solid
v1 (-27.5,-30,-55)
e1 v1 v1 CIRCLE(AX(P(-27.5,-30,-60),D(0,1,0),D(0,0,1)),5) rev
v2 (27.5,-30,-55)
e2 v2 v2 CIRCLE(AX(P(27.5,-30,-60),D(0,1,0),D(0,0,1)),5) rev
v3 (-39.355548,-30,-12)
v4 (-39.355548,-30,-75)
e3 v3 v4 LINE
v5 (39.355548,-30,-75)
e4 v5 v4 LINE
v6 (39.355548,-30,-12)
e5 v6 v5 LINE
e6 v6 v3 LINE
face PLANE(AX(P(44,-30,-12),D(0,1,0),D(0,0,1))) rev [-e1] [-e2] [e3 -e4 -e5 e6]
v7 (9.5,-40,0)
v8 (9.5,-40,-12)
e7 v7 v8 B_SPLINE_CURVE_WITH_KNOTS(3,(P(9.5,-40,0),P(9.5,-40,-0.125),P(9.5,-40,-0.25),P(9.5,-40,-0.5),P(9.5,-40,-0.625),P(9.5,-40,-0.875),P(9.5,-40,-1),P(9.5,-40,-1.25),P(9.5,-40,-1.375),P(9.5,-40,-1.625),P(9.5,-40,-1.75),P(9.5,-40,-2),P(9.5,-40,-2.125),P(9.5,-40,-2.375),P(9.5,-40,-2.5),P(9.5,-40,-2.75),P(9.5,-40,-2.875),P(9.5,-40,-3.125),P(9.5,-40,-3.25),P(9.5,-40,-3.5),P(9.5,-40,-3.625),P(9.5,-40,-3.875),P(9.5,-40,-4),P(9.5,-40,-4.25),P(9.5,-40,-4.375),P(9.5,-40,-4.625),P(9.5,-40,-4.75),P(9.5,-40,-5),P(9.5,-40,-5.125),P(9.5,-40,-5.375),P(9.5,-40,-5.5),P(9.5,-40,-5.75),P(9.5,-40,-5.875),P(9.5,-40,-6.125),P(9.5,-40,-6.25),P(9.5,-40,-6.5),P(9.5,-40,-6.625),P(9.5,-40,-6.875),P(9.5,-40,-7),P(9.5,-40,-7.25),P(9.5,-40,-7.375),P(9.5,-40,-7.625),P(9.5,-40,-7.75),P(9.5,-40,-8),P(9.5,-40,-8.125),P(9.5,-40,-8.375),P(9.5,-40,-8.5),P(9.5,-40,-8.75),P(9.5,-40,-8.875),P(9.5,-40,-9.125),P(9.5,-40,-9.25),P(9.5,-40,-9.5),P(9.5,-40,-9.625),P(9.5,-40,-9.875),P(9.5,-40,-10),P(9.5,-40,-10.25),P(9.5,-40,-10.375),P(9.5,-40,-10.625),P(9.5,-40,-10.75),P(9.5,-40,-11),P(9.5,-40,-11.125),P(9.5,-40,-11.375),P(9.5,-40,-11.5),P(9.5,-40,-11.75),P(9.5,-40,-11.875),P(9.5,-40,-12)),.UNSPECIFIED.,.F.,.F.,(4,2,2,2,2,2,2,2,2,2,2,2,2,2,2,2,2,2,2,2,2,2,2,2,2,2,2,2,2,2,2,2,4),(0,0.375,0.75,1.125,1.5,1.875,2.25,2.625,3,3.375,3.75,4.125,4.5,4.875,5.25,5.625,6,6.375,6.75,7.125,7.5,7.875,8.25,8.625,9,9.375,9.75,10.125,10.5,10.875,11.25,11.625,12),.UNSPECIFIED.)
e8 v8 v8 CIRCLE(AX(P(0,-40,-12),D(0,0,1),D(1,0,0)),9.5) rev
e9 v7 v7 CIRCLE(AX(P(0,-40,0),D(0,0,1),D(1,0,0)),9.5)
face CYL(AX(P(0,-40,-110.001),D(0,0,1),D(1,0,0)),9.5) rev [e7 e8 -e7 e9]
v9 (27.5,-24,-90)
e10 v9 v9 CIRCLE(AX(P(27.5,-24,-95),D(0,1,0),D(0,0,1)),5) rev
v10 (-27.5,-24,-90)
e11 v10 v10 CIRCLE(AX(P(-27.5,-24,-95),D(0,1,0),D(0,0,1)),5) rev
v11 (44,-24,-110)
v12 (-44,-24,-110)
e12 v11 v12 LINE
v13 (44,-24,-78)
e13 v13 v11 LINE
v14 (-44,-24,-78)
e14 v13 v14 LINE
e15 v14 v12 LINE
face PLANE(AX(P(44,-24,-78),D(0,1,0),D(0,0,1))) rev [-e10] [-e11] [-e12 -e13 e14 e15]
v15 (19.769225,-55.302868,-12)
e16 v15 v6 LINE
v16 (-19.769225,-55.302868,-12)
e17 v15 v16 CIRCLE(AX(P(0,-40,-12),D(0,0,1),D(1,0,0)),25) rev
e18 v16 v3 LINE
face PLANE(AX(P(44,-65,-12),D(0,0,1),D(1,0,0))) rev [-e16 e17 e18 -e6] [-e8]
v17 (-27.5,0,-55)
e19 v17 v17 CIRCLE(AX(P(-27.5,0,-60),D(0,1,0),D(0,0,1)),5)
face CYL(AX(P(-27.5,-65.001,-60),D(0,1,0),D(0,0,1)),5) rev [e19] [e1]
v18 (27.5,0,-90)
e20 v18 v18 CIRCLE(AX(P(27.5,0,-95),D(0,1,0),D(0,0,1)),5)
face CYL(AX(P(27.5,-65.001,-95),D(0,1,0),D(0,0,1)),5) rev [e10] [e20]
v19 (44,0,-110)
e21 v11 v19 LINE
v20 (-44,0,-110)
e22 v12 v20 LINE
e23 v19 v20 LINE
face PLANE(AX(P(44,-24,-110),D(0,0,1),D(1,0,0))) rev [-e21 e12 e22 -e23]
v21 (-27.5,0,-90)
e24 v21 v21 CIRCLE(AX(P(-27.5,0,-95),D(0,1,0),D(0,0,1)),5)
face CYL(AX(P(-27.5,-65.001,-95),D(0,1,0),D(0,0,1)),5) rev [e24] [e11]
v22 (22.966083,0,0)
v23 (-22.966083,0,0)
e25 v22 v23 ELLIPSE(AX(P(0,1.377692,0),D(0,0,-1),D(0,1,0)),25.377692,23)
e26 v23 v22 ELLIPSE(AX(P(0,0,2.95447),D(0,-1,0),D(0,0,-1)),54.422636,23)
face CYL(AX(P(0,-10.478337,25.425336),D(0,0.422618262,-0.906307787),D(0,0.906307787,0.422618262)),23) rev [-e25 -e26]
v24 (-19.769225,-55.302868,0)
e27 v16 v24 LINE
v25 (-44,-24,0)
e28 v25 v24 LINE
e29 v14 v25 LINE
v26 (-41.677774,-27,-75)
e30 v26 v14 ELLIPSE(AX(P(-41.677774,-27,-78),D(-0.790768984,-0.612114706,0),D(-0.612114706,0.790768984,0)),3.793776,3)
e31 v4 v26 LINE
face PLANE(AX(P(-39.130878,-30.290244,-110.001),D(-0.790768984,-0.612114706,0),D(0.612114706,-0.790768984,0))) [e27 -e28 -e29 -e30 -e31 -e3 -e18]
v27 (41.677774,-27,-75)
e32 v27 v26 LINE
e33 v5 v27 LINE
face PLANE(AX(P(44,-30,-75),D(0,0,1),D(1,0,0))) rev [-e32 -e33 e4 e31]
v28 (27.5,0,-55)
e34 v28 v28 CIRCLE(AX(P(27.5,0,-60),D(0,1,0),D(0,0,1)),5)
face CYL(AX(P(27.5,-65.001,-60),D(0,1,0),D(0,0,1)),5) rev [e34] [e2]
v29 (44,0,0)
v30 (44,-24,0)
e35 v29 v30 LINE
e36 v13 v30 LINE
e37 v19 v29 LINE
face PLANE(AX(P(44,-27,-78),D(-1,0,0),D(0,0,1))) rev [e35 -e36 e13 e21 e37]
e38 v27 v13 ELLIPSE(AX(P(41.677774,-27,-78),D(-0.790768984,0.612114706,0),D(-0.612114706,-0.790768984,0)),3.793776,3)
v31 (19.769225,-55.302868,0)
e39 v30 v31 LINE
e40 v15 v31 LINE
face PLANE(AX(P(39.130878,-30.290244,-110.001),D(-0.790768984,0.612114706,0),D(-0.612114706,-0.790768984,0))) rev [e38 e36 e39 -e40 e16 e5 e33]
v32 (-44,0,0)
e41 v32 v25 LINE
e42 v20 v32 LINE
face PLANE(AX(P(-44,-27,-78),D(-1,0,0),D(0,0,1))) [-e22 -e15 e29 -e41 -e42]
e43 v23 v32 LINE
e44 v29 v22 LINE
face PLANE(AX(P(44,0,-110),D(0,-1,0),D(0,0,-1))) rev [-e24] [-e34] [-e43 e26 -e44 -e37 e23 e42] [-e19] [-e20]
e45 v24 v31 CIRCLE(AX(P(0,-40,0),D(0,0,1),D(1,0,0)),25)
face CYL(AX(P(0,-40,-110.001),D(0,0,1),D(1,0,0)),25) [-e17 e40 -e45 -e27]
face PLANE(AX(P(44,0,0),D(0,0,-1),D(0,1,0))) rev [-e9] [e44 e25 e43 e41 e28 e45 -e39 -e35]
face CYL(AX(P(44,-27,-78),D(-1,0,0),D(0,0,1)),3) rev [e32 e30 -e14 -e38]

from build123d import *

# Parameters (mm, degrees)
BOSS_EXTRUDE1_DEPTH            = 44
CUT_EXTRUDE1_REACH             = 129.516
SKETCH5_R                      = 23
CUT_EXTRUDE1_DIRECTION_2_REACH = 129.516
CUT_EXTRUDE2_REACH             = 137.133
SKETCH6_R                      = 5
CUT_EXTRUDE3_REACH             = 137.133
SKETCH7_R                      = 9.5


with BuildPart() as part:
    # Sketch1 → Boss-Extrude1 (new, symmetric)
    with BuildSketch(Plane(origin=(0, 0, 0), x_dir=(0, 0, -1), z_dir=(1, 0, 0))):
        with BuildLine():
            Line((0, 0), (0, -65))
            Line((0, -65), (12, -65))
            Line((12, -65), (12, -30))
            Line((12, -30), (75, -30))
            Line((75, -30), (75, -27))
            ThreePointArc((75, -27), (75.878679656, -24.878679656), (78, -24))
            Line((78, -24), (110, -24))
            Line((110, -24), (110, 0))
            Line((110, 0), (0, 0))
        make_face()
    extrude(amount=BOSS_EXTRUDE1_DEPTH, both=True)

    # Sketch5 → Cut-Extrude1 (cut, up to next)
    with BuildSketch(Plane(origin=(0, 6.55814551, -14.063988431), x_dir=(1, 0, 0), z_dir=(0, -0.42261826174069383, 0.9063077870366527)), mode=Mode.PRIVATE) as cut_extrude1_sk1:
        with Locations((0, 1.248613111)):
            Circle(SKETCH5_R)
    cut_extrude1_tool1 = extrude(cut_extrude1_sk1.sketch, amount=-CUT_EXTRUDE1_REACH, mode=Mode.PRIVATE) & part.part
    add(cut_extrude1_tool1.solids().sort_by_distance((0, 7.689773, -13.536302))[0], mode=Mode.SUBTRACT)

    # Sketch5 → Cut-Extrude1 direction 2 (cut, up to next)
    with BuildSketch(Plane(origin=(0, 6.55814551, -14.063988431), x_dir=(1, 0, 0), z_dir=(0, -0.42261826174069383, 0.9063077870366527)), mode=Mode.PRIVATE) as cut_extrude1_direction_2_sk1:
        with Locations((0, 1.248613111)):
            Circle(SKETCH5_R)
    cut_extrude1_direction_2_tool1 = extrude(cut_extrude1_direction_2_sk1.sketch, amount=CUT_EXTRUDE1_DIRECTION_2_REACH, mode=Mode.PRIVATE) & part.part
    add(cut_extrude1_direction_2_tool1.solids().sort_by_distance((0, 7.689773, -13.536302))[0], mode=Mode.SUBTRACT)

    # Sketch6 → Cut-Extrude2 (cut, up to next)
    with BuildSketch(Plane(origin=(0, 0, 0), x_dir=(1, 0, 0), z_dir=(0, 1, 0)), mode=Mode.PRIVATE) as cut_extrude2_sk1:
        with Locations(Location((27.5, 95, 0), (0, 0, 270))):
            Circle(SKETCH6_R)
    cut_extrude2_tool1 = extrude(cut_extrude2_sk1.sketch, amount=-CUT_EXTRUDE2_REACH, mode=Mode.PRIVATE) & part.part
    # Sketch6 → Cut-Extrude2 (cut, up to next)
    with BuildSketch(Plane(origin=(0, 0, 0), x_dir=(1, 0, 0), z_dir=(0, 1, 0)), mode=Mode.PRIVATE) as cut_extrude2_sk2:
        with Locations(Location((-27.5, 95, 0), (0, 0, 270))):
            Circle(SKETCH6_R)
    cut_extrude2_tool2 = extrude(cut_extrude2_sk2.sketch, amount=-CUT_EXTRUDE2_REACH, mode=Mode.PRIVATE) & part.part
    # Sketch6 → Cut-Extrude2 (cut, up to next)
    with BuildSketch(Plane(origin=(0, 0, 0), x_dir=(1, 0, 0), z_dir=(0, 1, 0)), mode=Mode.PRIVATE) as cut_extrude2_sk3:
        with Locations(Location((-27.5, 60, 0), (0, 0, 270))):
            Circle(SKETCH6_R)
    cut_extrude2_tool3 = extrude(cut_extrude2_sk3.sketch, amount=-CUT_EXTRUDE2_REACH, mode=Mode.PRIVATE) & part.part
    # Sketch6 → Cut-Extrude2 (cut, up to next)
    with BuildSketch(Plane(origin=(0, 0, 0), x_dir=(1, 0, 0), z_dir=(0, 1, 0)), mode=Mode.PRIVATE) as cut_extrude2_sk4:
        with Locations(Location((27.5, 60, 0), (0, 0, 270))):
            Circle(SKETCH6_R)
    cut_extrude2_tool4 = extrude(cut_extrude2_sk4.sketch, amount=-CUT_EXTRUDE2_REACH, mode=Mode.PRIVATE) & part.part
    add(cut_extrude2_tool1.solids().sort_by_distance((27.5, 0, -95))[0], mode=Mode.SUBTRACT)
    add(cut_extrude2_tool2.solids().sort_by_distance((-27.5, 0, -95))[0], mode=Mode.SUBTRACT)
    add(cut_extrude2_tool3.solids().sort_by_distance((-27.5, 0, -60))[0], mode=Mode.SUBTRACT)
    add(cut_extrude2_tool4.solids().sort_by_distance((27.5, 0, -60))[0], mode=Mode.SUBTRACT)

    # Sketch7 → Cut-Extrude3 (cut, up to next)
    with BuildSketch(Plane.XY, mode=Mode.PRIVATE) as cut_extrude3_sk1:
        with BuildLine():
            Line((44, -65), (44, -24))
            Line((44, -24), (19.769224603, -55.302867659))
            ThreePointArc((19.769224603, -55.302867659), (11.009729981, -62.445174219), (0, -65))
            Line((0, -65), (44, -65))
        make_face()
    cut_extrude3_tool1 = extrude(cut_extrude3_sk1.sketch, amount=-CUT_EXTRUDE3_REACH, mode=Mode.PRIVATE) & part.part
    # Sketch7 → Cut-Extrude3 (cut, up to next)
    with BuildSketch(Plane.XY, mode=Mode.PRIVATE) as cut_extrude3_sk2:
        with Locations((0, -40)):
            Circle(SKETCH7_R)
    cut_extrude3_tool2 = extrude(cut_extrude3_sk2.sketch, amount=-CUT_EXTRUDE3_REACH, mode=Mode.PRIVATE) & part.part
    # Sketch7 → Cut-Extrude3 (cut, up to next)
    with BuildSketch(Plane.XY, mode=Mode.PRIVATE) as cut_extrude3_sk3:
        with BuildLine():
            Line((-44, -65), (0, -65))
            ThreePointArc((0, -65), (-11.009729981, -62.445174219), (-19.769224603, -55.302867659))
            Line((-19.769224603, -55.302867659), (-44, -24))
            Line((-44, -24), (-44, -65))
        make_face()
    cut_extrude3_tool3 = extrude(cut_extrude3_sk3.sketch, amount=-CUT_EXTRUDE3_REACH, mode=Mode.PRIVATE) & part.part
    add(cut_extrude3_tool1.solids().sort_by_distance((32.710915, -51.707074, 0))[0], mode=Mode.SUBTRACT)
    add(cut_extrude3_tool2.solids().sort_by_distance((0, -40, 0))[0], mode=Mode.SUBTRACT)
    add(cut_extrude3_tool3.solids().sort_by_distance((-32.710915, -51.707074, 0))[0], mode=Mode.SUBTRACT)


solid = part.part
